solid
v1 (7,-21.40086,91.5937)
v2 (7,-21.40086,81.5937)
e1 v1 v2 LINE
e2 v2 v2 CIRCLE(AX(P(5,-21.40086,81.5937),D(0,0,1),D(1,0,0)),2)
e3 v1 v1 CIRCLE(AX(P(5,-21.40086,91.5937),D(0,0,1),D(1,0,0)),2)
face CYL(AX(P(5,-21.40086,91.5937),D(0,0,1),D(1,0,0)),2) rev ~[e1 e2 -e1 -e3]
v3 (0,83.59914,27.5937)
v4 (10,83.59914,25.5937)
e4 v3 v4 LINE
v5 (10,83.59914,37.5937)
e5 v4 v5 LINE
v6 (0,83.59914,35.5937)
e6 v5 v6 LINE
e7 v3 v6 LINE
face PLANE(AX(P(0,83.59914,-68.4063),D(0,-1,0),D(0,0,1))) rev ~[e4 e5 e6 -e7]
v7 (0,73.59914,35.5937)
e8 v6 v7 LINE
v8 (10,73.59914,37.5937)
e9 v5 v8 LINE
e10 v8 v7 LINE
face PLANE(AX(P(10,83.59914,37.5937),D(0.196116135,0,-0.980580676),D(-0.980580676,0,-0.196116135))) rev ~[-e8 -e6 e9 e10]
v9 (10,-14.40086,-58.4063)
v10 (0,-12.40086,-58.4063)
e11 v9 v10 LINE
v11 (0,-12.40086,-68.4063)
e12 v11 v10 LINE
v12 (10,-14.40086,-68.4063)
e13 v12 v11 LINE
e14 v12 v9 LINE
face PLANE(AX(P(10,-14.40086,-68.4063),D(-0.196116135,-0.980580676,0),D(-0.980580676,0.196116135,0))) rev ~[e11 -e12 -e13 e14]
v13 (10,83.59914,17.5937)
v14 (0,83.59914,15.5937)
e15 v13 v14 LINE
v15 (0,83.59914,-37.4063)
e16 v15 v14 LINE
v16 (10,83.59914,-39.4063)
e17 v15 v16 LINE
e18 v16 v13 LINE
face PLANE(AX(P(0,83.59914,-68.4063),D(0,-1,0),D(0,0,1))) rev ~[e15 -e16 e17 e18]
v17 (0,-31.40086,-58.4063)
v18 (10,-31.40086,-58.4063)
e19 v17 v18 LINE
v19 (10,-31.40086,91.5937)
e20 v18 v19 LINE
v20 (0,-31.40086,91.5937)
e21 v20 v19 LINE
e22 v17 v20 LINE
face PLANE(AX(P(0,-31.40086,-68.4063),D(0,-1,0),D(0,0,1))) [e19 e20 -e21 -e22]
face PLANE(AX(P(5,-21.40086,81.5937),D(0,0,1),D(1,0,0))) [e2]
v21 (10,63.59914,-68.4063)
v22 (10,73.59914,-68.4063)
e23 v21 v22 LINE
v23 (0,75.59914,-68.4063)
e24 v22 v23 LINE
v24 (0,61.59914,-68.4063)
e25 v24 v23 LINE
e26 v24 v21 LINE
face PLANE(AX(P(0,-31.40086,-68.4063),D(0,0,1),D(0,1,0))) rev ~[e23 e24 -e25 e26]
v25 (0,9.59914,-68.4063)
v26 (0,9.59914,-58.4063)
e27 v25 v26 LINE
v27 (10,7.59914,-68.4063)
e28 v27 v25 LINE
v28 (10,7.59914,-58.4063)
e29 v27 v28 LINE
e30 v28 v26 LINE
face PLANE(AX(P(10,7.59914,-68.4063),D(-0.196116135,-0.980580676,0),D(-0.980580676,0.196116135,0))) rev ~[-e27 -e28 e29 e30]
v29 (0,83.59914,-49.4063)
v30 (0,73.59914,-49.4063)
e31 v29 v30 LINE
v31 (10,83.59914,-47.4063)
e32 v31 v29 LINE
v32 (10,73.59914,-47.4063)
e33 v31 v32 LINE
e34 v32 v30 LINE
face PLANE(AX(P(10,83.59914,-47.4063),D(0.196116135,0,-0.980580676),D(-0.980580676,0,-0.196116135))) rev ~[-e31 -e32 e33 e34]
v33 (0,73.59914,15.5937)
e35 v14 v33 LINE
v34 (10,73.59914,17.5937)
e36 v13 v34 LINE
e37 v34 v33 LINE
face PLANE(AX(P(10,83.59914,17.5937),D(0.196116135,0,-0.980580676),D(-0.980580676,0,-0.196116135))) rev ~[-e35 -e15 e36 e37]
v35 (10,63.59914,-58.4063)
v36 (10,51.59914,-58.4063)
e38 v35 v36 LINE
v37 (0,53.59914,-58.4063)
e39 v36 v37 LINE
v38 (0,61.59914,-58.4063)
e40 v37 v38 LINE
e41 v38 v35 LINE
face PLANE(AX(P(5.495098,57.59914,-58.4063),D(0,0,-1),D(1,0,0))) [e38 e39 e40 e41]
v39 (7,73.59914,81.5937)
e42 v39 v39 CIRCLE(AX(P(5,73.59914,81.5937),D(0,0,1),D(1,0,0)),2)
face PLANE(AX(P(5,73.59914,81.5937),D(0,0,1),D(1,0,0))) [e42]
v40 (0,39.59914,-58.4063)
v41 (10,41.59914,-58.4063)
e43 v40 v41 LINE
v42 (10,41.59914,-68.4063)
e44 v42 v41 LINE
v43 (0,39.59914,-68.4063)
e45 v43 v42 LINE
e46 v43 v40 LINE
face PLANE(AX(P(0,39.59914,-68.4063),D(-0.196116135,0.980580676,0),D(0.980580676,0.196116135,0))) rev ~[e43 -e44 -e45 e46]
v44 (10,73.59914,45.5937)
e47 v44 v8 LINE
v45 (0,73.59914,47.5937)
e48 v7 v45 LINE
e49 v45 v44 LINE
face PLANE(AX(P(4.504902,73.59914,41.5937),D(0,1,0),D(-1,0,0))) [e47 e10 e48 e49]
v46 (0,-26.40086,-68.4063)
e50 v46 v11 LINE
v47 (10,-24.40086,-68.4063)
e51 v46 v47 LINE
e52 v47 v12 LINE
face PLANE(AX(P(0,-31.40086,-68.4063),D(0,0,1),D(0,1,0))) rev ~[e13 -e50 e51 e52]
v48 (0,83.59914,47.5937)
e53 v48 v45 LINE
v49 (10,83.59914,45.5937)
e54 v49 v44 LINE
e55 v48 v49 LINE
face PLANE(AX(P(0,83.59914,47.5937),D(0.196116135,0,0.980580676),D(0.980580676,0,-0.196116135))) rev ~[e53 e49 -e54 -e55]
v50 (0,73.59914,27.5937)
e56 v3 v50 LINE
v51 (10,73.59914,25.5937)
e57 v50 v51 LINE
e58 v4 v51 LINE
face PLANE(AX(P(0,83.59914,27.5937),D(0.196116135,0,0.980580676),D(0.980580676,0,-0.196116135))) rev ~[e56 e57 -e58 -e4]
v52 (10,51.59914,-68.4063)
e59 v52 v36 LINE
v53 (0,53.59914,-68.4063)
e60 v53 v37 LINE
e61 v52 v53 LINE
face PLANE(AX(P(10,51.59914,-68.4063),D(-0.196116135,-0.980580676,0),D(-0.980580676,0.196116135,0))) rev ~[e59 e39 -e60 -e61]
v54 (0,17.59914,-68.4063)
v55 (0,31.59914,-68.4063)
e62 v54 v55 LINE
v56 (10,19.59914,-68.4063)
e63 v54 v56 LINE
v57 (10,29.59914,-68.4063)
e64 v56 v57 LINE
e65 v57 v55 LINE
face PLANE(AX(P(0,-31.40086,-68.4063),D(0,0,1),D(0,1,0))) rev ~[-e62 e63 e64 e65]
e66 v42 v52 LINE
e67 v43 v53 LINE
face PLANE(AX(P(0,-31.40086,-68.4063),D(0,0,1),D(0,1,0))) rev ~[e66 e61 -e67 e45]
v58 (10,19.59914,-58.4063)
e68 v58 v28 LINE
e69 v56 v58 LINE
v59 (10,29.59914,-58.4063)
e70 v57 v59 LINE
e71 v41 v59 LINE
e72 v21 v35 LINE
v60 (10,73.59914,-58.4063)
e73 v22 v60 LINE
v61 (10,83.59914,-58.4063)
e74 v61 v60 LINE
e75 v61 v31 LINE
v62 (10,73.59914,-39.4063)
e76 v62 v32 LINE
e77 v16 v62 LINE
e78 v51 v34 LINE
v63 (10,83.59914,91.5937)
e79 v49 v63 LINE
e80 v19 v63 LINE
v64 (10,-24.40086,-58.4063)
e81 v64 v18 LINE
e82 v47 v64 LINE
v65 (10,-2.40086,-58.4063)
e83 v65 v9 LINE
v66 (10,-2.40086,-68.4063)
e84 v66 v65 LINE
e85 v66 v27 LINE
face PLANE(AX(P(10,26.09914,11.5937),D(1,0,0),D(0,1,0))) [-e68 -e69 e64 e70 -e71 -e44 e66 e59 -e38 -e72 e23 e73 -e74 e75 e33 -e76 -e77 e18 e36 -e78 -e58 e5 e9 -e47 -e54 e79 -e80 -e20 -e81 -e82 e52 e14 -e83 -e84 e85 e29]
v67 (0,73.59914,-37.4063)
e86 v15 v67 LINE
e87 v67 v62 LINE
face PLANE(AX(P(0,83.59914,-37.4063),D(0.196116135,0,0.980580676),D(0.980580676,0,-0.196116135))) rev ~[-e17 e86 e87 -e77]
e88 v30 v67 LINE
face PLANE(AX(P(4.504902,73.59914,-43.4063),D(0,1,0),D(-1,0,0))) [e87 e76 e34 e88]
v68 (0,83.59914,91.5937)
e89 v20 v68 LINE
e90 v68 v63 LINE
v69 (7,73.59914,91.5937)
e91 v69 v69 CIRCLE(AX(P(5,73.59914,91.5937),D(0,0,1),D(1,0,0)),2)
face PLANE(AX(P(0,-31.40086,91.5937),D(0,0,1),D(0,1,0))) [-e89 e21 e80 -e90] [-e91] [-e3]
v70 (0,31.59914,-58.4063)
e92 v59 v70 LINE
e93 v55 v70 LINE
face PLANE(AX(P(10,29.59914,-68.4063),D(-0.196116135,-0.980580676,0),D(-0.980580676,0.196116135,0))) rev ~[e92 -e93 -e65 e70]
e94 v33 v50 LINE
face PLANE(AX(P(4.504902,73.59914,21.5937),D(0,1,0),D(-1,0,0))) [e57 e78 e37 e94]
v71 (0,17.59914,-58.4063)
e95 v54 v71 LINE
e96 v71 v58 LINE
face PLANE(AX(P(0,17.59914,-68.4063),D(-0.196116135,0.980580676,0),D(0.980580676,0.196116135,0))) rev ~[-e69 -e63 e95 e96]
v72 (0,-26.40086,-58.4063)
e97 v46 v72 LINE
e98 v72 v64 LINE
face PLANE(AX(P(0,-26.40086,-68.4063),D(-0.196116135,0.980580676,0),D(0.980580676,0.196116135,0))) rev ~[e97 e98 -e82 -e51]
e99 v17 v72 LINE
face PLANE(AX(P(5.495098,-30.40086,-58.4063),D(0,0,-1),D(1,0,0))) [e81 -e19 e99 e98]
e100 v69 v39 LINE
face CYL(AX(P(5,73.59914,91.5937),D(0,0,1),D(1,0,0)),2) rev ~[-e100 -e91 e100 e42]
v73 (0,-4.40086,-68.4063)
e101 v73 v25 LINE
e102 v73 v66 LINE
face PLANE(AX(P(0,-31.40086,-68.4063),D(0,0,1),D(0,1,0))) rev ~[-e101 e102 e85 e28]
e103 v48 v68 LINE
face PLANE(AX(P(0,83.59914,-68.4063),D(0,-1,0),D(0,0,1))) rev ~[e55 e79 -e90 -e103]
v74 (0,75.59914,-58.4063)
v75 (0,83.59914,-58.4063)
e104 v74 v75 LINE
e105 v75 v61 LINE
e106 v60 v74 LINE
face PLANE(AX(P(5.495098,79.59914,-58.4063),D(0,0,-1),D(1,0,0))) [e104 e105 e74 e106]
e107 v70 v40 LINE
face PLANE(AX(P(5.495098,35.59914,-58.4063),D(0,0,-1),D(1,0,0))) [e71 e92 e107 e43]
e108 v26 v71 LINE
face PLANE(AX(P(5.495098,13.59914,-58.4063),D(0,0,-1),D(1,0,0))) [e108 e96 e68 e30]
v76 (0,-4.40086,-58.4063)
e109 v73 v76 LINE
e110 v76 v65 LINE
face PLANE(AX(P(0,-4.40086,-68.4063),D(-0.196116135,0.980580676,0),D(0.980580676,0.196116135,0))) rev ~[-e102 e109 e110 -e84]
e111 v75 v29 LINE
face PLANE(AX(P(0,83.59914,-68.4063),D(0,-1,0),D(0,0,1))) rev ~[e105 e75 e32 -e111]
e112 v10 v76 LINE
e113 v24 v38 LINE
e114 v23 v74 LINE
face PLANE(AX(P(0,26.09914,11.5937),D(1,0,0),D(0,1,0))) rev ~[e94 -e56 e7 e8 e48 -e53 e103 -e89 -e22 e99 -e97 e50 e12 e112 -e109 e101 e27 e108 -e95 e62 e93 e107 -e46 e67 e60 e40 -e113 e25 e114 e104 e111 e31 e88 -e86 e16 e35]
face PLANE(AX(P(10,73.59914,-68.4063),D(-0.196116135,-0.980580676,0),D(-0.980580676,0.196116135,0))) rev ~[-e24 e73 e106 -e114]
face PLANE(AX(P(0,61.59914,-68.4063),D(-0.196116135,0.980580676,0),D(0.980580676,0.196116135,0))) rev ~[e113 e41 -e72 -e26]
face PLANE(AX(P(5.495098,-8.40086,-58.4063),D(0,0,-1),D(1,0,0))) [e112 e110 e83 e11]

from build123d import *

# Parameters (mm, degrees)
F0_W     = 115
F0_H     = 160
F1_DEPTH = 10
F3_DEPTH = 10
F5_DEPTH = 10
F6_R     = 2
F7_DEPTH = 10


with BuildPart() as f1:
    # F0 (on Right) → F1 (new body)
    with BuildSketch(Plane.YZ):
        with Locations((26.09914, 11.5937)):
            Rectangle(F0_W, F0_H)
    extrude(amount=F1_DEPTH)

    # F2 (on face) → F3 (cut)
    with BuildSketch(Plane(origin=(0, 83.59914, 0), x_dir=(-1, 0, 0), z_dir=(0, 1, 0))):
        Polygon((0, 27.5937), (-10, 25.5937), (-10, 17.5937), (0, 15.5937), align=None)
        Polygon((0, 47.5937), (-10, 45.5937), (-10, 37.5937), (0, 35.5937), align=None)
        Polygon((0, -37.4063), (-10, -39.4063), (-10, -47.4063), (0, -49.4063), align=None)
    extrude(amount=-F3_DEPTH, mode=Mode.SUBTRACT)

    # F4 (on face) → F5 (cut)
    with BuildSketch(Plane(origin=(0, 0, -68.4063), x_dir=(1, 0, 0), z_dir=(0, 0, -1))):
        Polygon((0, -83.59914), (10, -85.59914), (10, -73.59914), (0, -75.59914), align=None)
        Polygon((10, -51.59914), (0, -53.59914), (0, -61.59914), (10, -63.59914), align=None)
        Polygon((10, -29.59914), (0, -31.59914), (0, -39.59914), (10, -41.59914), align=None)
        Polygon((10, -7.59914), (0, -9.59914), (0, -17.59914), (10, -19.59914), align=None)
        Polygon((10, 14.40086), (0, 12.40086), (0, 4.40086), (10, 2.40086), align=None)
        Polygon((10, 36.40086), (0, 34.40086), (0, 26.40086), (10, 24.40086), align=None)
    extrude(amount=-F5_DEPTH, mode=Mode.SUBTRACT)

    # F6 (on face) → F7 (cut)
    with BuildSketch(Plane.XY.offset(91.5937)):
        with Locations((5, 73.59914)):
            Circle(F6_R)
        with Locations((5, -21.40086)):
            Circle(F6_R)
    extrude(amount=-F7_DEPTH, mode=Mode.SUBTRACT)


solid = f1.part
